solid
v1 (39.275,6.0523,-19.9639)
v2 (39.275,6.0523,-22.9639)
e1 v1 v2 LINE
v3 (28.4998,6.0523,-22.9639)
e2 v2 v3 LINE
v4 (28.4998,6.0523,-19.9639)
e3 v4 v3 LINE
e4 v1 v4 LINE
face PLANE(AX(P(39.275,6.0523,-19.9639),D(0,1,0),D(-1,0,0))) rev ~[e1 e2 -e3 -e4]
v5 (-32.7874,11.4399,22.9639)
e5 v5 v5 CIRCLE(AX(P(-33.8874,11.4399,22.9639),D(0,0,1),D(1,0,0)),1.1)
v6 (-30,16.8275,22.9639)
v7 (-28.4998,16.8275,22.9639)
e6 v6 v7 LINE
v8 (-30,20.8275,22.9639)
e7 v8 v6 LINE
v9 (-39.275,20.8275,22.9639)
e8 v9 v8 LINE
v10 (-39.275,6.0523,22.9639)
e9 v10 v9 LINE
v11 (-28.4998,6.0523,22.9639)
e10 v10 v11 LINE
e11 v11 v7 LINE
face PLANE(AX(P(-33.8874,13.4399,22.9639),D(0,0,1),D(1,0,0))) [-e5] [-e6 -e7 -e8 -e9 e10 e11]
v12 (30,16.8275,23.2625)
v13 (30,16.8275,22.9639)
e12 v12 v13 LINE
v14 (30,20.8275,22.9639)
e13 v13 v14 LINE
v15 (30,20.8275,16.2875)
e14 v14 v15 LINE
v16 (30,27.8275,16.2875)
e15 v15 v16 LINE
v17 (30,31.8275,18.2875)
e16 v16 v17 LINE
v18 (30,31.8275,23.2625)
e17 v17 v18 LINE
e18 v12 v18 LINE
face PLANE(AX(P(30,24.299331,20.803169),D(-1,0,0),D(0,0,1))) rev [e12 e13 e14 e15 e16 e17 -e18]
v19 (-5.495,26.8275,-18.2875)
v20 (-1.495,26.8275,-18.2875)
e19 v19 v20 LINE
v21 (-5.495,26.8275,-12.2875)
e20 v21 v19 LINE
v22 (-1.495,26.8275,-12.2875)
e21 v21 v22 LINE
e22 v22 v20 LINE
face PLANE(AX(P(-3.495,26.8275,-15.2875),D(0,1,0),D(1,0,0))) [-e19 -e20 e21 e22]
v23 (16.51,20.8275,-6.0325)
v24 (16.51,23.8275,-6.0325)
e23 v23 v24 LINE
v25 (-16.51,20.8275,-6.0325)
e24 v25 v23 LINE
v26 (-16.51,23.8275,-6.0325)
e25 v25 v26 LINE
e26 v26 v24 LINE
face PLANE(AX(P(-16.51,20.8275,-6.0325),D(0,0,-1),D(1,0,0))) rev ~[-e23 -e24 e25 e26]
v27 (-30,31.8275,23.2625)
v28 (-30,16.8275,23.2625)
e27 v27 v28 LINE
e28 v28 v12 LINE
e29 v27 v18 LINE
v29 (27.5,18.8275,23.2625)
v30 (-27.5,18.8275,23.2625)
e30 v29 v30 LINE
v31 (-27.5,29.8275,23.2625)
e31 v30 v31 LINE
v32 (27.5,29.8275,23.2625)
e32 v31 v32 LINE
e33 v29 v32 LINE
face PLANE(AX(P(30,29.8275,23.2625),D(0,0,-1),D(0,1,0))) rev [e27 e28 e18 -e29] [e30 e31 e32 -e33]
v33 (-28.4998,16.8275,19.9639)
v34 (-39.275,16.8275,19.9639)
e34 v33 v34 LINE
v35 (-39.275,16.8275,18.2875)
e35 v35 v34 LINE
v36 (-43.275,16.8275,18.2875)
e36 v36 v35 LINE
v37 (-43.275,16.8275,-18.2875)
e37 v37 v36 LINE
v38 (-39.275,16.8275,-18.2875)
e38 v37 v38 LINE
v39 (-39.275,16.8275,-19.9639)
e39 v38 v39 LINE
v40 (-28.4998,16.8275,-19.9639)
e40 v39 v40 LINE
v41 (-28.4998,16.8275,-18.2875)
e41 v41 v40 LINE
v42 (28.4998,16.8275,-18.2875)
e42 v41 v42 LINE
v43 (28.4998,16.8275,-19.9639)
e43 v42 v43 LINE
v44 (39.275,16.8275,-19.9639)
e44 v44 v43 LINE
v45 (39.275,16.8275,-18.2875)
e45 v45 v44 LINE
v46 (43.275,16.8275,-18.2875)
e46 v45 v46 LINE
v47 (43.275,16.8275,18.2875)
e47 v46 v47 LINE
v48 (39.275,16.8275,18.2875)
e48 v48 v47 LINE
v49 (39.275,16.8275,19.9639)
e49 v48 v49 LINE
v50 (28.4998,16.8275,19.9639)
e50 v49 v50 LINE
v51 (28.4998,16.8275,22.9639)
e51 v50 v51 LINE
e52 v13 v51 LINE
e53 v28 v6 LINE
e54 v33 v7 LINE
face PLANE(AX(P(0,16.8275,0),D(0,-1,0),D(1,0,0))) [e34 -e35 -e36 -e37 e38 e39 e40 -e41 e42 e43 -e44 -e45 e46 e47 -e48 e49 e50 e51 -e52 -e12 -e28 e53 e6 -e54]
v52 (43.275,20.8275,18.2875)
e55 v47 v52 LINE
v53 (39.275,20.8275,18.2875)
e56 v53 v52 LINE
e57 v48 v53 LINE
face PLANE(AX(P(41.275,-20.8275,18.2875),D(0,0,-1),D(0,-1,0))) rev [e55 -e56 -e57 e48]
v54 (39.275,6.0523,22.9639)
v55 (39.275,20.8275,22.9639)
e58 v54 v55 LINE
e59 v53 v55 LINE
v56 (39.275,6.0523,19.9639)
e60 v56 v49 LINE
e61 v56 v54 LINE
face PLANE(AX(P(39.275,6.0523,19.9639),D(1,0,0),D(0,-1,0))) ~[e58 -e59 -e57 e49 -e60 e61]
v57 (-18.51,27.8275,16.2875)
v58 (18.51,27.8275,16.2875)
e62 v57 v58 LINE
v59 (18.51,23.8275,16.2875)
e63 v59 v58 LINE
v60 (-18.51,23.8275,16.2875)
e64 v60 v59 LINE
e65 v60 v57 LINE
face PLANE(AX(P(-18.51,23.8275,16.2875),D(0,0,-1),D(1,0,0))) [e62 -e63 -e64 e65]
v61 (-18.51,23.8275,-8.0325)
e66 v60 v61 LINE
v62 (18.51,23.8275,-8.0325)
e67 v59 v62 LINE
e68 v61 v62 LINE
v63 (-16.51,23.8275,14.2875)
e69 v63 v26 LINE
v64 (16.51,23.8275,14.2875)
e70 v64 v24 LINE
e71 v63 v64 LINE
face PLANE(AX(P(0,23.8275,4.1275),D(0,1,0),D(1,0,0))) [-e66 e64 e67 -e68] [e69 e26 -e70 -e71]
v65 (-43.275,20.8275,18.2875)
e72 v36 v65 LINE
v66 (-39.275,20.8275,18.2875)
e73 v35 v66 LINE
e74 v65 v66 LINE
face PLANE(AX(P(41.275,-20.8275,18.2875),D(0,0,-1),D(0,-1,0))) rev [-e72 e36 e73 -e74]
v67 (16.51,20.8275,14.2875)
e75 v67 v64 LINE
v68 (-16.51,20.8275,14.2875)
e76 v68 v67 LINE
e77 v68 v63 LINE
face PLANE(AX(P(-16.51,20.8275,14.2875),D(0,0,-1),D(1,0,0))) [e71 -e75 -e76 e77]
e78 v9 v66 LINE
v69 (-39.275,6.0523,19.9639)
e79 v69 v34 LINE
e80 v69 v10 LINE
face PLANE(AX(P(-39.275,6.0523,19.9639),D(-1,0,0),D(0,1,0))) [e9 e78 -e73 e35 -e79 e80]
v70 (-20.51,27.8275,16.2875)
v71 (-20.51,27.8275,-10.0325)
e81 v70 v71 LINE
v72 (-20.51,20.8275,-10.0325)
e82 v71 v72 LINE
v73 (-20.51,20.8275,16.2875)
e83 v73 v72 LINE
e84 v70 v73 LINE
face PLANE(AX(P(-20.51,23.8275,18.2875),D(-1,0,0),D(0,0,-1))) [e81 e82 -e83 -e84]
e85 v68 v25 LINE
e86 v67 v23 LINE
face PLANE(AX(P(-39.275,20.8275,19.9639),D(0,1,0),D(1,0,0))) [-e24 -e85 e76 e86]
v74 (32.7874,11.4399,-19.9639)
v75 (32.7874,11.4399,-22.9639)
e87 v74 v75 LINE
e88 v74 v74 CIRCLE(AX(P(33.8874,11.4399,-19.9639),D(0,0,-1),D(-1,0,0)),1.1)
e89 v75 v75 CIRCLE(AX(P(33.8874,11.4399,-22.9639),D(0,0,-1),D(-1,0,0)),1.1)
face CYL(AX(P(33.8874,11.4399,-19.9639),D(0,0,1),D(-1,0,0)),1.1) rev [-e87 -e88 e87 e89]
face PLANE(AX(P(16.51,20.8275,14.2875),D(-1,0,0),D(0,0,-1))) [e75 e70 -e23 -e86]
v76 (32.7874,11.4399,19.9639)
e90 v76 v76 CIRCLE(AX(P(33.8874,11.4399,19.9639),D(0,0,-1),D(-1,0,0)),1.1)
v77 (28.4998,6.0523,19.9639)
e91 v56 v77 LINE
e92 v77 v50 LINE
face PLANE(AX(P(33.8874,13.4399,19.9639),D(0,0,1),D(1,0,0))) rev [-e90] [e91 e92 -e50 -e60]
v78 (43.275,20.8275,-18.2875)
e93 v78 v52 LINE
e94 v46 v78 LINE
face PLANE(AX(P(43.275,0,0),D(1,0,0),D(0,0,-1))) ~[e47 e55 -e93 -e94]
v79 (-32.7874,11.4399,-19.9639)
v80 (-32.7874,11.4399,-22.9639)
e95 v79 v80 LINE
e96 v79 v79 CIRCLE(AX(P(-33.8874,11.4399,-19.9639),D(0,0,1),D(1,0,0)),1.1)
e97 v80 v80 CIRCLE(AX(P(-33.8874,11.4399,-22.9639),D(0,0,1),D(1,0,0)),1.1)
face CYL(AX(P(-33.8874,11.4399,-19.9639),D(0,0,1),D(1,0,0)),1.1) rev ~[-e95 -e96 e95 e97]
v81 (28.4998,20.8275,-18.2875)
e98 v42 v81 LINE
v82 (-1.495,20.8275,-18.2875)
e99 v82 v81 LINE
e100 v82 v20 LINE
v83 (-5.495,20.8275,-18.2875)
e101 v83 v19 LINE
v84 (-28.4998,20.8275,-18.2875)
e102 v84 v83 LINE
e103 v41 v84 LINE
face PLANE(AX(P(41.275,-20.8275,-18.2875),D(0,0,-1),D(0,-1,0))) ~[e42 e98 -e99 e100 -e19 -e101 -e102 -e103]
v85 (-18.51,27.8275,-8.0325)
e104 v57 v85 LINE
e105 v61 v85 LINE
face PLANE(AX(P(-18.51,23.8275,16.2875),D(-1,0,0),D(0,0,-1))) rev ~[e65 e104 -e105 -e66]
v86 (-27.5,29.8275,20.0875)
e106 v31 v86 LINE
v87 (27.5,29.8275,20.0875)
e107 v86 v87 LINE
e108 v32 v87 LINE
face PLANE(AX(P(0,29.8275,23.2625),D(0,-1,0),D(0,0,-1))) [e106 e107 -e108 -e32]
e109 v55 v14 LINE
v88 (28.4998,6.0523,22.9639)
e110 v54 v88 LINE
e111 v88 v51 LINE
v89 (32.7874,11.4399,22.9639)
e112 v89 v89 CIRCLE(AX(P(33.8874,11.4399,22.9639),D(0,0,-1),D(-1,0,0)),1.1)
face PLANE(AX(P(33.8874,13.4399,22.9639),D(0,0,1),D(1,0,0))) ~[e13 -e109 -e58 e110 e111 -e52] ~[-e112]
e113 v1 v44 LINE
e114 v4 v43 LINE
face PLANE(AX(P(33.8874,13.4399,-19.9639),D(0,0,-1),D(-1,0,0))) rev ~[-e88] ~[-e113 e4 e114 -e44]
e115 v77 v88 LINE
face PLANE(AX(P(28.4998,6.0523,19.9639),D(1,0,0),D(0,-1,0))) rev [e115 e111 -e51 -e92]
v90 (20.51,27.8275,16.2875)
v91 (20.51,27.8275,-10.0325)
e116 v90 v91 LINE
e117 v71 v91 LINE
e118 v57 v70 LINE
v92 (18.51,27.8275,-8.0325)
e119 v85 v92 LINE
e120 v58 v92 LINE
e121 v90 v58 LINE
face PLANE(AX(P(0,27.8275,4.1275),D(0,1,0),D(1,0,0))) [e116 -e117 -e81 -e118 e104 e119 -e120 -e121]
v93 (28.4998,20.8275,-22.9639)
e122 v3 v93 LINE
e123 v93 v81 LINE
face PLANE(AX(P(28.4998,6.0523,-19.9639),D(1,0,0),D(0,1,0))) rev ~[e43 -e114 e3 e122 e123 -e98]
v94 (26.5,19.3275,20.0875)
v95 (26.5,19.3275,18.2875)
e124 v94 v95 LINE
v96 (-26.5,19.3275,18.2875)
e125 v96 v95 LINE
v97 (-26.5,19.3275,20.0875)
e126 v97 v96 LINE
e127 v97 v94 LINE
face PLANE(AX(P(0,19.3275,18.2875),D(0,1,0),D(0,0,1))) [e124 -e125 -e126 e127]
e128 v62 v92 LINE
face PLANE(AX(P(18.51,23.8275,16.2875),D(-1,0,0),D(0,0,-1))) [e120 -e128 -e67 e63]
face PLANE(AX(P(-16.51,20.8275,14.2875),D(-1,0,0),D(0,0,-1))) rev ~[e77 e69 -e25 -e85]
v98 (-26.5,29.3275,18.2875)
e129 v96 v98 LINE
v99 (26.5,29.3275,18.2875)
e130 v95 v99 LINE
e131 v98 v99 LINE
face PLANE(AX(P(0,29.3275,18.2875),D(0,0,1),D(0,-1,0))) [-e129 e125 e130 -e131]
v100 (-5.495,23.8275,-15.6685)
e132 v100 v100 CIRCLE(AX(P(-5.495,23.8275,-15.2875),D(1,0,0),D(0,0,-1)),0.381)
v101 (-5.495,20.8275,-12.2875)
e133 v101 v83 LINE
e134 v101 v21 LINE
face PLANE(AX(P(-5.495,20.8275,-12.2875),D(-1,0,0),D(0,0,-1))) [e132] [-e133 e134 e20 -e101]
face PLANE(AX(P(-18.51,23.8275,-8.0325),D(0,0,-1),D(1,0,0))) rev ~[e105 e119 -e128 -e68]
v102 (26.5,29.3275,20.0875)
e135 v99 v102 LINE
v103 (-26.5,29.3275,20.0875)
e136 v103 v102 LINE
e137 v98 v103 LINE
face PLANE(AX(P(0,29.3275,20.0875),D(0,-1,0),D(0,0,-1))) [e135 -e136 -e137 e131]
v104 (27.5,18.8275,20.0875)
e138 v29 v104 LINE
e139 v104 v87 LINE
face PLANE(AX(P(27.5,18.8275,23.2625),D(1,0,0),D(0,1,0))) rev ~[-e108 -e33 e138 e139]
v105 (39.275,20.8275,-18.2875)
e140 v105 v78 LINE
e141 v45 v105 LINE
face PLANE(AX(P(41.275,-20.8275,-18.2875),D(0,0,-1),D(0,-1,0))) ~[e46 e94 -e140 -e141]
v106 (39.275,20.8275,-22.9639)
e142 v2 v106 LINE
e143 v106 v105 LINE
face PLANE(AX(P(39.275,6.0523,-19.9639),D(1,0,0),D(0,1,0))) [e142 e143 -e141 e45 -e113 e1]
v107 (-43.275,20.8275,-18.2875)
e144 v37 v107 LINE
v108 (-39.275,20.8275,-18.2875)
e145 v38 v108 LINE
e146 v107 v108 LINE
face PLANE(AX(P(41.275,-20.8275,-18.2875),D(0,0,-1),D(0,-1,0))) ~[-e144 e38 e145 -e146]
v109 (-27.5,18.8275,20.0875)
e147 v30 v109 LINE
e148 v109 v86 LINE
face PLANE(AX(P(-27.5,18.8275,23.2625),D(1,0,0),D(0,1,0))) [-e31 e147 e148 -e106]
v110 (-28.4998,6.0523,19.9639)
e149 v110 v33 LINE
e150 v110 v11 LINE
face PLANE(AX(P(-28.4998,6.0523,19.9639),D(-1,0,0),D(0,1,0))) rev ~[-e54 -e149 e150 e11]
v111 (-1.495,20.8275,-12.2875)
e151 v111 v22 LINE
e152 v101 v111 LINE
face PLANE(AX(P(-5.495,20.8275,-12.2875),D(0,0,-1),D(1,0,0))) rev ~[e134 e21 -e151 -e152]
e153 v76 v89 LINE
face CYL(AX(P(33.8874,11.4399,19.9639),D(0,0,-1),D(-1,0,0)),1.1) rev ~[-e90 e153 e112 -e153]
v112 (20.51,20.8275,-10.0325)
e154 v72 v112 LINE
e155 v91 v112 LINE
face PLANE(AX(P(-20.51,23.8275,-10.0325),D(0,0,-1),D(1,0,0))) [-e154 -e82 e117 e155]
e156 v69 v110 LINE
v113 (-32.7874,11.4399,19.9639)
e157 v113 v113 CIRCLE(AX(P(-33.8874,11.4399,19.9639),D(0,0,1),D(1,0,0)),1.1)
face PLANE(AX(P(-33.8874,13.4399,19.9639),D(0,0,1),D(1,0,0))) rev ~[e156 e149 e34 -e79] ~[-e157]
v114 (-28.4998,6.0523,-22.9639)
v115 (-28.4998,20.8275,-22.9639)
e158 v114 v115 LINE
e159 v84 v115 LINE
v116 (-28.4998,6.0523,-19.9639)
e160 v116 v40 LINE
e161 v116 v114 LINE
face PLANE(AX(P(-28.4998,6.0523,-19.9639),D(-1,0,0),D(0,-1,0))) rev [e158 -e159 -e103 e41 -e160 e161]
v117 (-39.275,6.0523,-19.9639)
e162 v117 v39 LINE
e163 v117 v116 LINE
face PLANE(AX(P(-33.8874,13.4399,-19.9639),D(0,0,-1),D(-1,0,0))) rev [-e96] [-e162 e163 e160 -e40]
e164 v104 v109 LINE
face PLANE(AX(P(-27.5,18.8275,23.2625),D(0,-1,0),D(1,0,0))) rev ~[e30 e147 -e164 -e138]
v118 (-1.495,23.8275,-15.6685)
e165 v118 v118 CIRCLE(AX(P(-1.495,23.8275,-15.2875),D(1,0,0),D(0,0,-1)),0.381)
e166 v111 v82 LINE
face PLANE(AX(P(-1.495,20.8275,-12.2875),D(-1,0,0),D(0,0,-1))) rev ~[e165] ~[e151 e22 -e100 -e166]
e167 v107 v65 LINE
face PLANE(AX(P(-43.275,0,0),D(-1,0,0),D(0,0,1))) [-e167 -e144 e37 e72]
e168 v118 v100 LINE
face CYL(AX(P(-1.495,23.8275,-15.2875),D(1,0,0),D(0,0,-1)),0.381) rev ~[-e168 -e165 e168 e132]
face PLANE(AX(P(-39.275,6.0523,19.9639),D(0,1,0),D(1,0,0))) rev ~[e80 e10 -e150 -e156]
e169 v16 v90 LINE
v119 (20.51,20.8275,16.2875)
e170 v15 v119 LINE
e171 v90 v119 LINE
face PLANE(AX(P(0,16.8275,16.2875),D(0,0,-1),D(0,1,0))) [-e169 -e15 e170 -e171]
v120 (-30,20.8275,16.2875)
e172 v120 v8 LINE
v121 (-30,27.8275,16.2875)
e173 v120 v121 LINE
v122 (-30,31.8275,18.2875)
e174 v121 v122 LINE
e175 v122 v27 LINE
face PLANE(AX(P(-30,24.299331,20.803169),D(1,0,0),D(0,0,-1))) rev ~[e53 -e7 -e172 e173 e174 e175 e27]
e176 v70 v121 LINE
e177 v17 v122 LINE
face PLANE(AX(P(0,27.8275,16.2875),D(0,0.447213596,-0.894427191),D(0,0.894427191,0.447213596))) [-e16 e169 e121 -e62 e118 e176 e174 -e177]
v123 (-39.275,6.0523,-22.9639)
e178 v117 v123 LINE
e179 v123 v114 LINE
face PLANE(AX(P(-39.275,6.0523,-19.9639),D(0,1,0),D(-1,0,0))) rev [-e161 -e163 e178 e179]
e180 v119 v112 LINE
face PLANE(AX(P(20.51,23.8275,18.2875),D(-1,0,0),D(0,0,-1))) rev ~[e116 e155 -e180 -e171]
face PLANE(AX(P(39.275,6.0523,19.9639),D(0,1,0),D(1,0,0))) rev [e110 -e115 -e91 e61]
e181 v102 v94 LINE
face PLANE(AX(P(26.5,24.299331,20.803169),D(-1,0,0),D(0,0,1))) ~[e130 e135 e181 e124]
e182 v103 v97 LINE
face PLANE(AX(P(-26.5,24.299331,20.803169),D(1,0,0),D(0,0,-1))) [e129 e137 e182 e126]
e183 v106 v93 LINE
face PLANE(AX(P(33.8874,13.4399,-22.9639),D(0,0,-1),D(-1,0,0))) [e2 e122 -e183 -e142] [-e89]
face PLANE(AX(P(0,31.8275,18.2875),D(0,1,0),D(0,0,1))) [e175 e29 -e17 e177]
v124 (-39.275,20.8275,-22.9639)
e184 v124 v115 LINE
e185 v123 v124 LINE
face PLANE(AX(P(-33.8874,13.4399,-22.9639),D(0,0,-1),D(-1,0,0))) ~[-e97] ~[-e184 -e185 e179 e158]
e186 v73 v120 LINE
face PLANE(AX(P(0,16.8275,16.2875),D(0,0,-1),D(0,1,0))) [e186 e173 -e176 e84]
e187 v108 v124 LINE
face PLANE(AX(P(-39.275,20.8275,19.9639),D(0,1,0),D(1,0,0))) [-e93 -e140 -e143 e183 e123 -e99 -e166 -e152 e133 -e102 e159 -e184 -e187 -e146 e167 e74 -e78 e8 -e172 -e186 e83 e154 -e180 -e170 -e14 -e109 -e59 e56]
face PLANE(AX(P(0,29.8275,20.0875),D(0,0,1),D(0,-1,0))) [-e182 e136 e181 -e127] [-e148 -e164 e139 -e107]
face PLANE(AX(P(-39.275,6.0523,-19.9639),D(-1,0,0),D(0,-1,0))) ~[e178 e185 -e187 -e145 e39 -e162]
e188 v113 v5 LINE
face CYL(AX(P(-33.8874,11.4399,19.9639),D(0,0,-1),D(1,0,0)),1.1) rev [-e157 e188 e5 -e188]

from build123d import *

# Parameters (mm, degrees)
SKETCH1_W               = 36.575
SKETCH1_H               = 41.655
SKETCH1_W_2             = 28.575
SKETCH1_H_2             = 33.655
BOSS_EXTRUDE1_DEPTH     = 41.275
SKETCH2_W               = 36.575
SKETCH2_H               = 41.655
BOSS_EXTRUDE2_DEPTH     = 2
SKETCH4_W               = 86.55
SKETCH4_H               = 36.575
CUT_EXTRUDE2_DEPTH      = 37.655
SKETCH5_W               = 10.7752
SKETCH5_H               = 4
BOSS_EXTRUDE3_DEPTH     = 1.6764
SKETCH6_W               = 10.7752
SKETCH6_H               = 14.7752
SKETCH6_R               = 1.1
BOSS_EXTRUDE4_DEPTH     = 3
MIRROR3_COPY_1_SKETCH_W = 10.7752
MIRROR3_COPY_1_SKETCH_H = 4
MIRROR3_COPY_1_DEPTH    = 1.6764
MIRROR3_COPY_2_SKETCH_W = 10.7752
MIRROR3_COPY_2_SKETCH_H = 14.7752
MIRROR3_COPY_2_SKETCH_R = 1.1
MIRROR3_COPY_2_DEPTH    = 3
SKETCH7_W               = 4
SKETCH7_H               = 6
BOSS_EXTRUDE5_DEPTH     = 6
SKETCH8_R               = 0.381
CUT_EXTRUDE3_DEPTH      = 58.021122047
SKETCH9_W               = 41.02
SKETCH9_H               = 28.32
SKETCH9_W_2             = 33.02
SKETCH9_H_2             = 20.32
BOSS_EXTRUDE6_DEPTH     = 3
SKETCH10_W              = 41.02
SKETCH10_H              = 28.32
SKETCH10_W_2            = 37.02
SKETCH10_H_2            = 24.32
BOSS_EXTRUDE7_DEPTH     = 4
BOSS_EXTRUDE8_DEPTH     = 30
BOSS_EXTRUDE9_DEPTH     = 3.5
SKETCH13_W              = 55
SKETCH13_H              = 11
CUT_EXTRUDE4_DEPTH      = 3.175


with BuildPart() as part:
    # Sketch1 → Boss-Extrude1 (new, symmetric)
    with BuildSketch(Plane(origin=(0, 0, 0), x_dir=(0, 0, -1), z_dir=(1, 0, 0))):
        Rectangle(SKETCH1_W, SKETCH1_H)
        Rectangle(SKETCH1_W_2, SKETCH1_H_2, mode=Mode.SUBTRACT)
    extrude(amount=BOSS_EXTRUDE1_DEPTH, both=True)

    # Sketch2 → Boss-Extrude2 (add)
    with BuildSketch(Plane.ZY.offset(41.275)):
        Rectangle(SKETCH2_W, SKETCH2_H)
    boss_extrude2 = extrude(amount=BOSS_EXTRUDE2_DEPTH)

    # Mirror1: Boss-Extrude2 across plane
    add(boss_extrude2.mirror(Plane(origin=(0, 0, 0), x_dir=(0, 0, 1), z_dir=(1, 0, 0))))

    # Sketch4 → Cut-Extrude2 (cut)
    with BuildSketch(Plane.XZ.offset(20.8275)):
        Rectangle(SKETCH4_W, SKETCH4_H)
    extrude(amount=-CUT_EXTRUDE2_DEPTH, mode=Mode.SUBTRACT)

    # Sketch5 → Boss-Extrude3 (add)
    with BuildSketch(Plane(origin=(0, 0, -18.2875), x_dir=(-1, 0, 0), z_dir=(0, 0, -1))):
        with Locations((-33.8874, 18.8275)):
            Rectangle(SKETCH5_W, SKETCH5_H)
    boss_extrude3 = extrude(amount=BOSS_EXTRUDE3_DEPTH)

    # Sketch6 → Boss-Extrude4 (add)
    with BuildSketch(Plane(origin=(0, 0, -19.9639), x_dir=(-1, 0, 0), z_dir=(0, 0, -1))):
        with Locations((-33.8874, 13.4399)):
            Rectangle(SKETCH6_W, SKETCH6_H)
        with Locations((-33.8874, 11.4399)):
            Circle(SKETCH6_R, mode=Mode.SUBTRACT)
    boss_extrude4 = extrude(amount=BOSS_EXTRUDE4_DEPTH)

    # Mirror2: Boss-Extrude3, Boss-Extrude4 across plane
    add(boss_extrude3.mirror(Plane(origin=(0, 0, 0), x_dir=(0, 0, 1), z_dir=(1, 0, 0))))
    add(boss_extrude4.mirror(Plane(origin=(0, 0, 0), x_dir=(0, 0, 1), z_dir=(1, 0, 0))))

    # Mirror3: Boss-Extrude3, Boss-Extrude4 across plane
    add(boss_extrude3.mirror(Plane.XY))
    add(boss_extrude4.mirror(Plane.XY))

    # Mirror3 copy 1 sketch → Mirror3 copy 1 (add)
    with BuildSketch(Plane.XY.offset(18.2875)):
        with Locations((-33.8874, 18.8275)):
            Rectangle(MIRROR3_COPY_1_SKETCH_W, MIRROR3_COPY_1_SKETCH_H)
    extrude(amount=MIRROR3_COPY_1_DEPTH)

    # Mirror3 copy 2 sketch → Mirror3 copy 2 (add)
    with BuildSketch(Plane.XY.offset(19.9639)):
        with Locations((-33.8874, 13.4399)):
            Rectangle(MIRROR3_COPY_2_SKETCH_W, MIRROR3_COPY_2_SKETCH_H)
        with Locations((-33.8874, 11.4399)):
            Circle(MIRROR3_COPY_2_SKETCH_R, mode=Mode.SUBTRACT)
    extrude(amount=MIRROR3_COPY_2_DEPTH)

    # Sketch7 → Boss-Extrude5 (add)
    with BuildSketch(Plane(origin=(0, 20.8275, 0), x_dir=(1, 0, 0), z_dir=(0, 1, 0))):
        with Locations((-3.495, 15.2875)):
            Rectangle(SKETCH7_W, SKETCH7_H)
    extrude(amount=BOSS_EXTRUDE5_DEPTH)

    # Sketch8 → Cut-Extrude3 (cut, through all)
    with BuildSketch(Plane(origin=(-1.495, 0, 0), x_dir=(0, 0, -1), z_dir=(1, 0, 0))):
        with Locations((15.2875, 23.8275)):
            Circle(SKETCH8_R)
    extrude(amount=-CUT_EXTRUDE3_DEPTH, mode=Mode.SUBTRACT)

    # Sketch9 → Boss-Extrude6 (add)
    with BuildSketch(Plane(origin=(0, 20.8275, 0), x_dir=(1, 0, 0), z_dir=(0, 1, 0))):
        with Locations((0, -4.1275)):
            Rectangle(SKETCH9_W, SKETCH9_H)
        with Locations((0, -4.1275)):
            Rectangle(SKETCH9_W_2, SKETCH9_H_2, mode=Mode.SUBTRACT)
    extrude(amount=BOSS_EXTRUDE6_DEPTH)

    # Sketch10 → Boss-Extrude7 (add)
    with BuildSketch(Plane(origin=(0, 23.8275, 0), x_dir=(1, 0, 0), z_dir=(0, 1, 0))):
        with Locations((0, -4.1275)):
            Rectangle(SKETCH10_W, SKETCH10_H)
        with Locations((0, -4.1275)):
            Rectangle(SKETCH10_W_2, SKETCH10_H_2, mode=Mode.SUBTRACT)
    extrude(amount=BOSS_EXTRUDE7_DEPTH)

    # Sketch11 → Boss-Extrude8 (add, symmetric)
    with BuildSketch(Plane(origin=(0, 0, 0), x_dir=(0, 0, -1), z_dir=(1, 0, 0))):
        Polygon((-18.2875, 31.8275), (-23.2625, 31.8275), (-23.2625, 29.8275), (-20.0875, 29.8275), (-20.0875, 29.3275), (-18.2875, 29.3275), (-18.2875, 19.3275), (-20.0875, 19.3275), (-20.0875, 18.8275), (-23.2625, 18.8275), (-23.2625, 16.8275), (-18.2875, 16.8275), (-16.2875, 16.8275), (-16.2875, 27.8275), align=None)
    extrude(amount=BOSS_EXTRUDE8_DEPTH, both=True)

    # Sketch12 → Boss-Extrude9 (add)
    with BuildSketch(Plane.ZY.offset(30)):
        Polygon((23.2625, 29.8275), (23.2625, 18.8275), (18.2875, 18.8275), (18.2875, 29.3275), (20.0875, 29.3275), (20.0875, 29.8275), align=None)
    boss_extrude9 = extrude(amount=-BOSS_EXTRUDE9_DEPTH)

    # Mirror4: Boss-Extrude9 across plane
    add(boss_extrude9.mirror(Plane(origin=(0, 0, 0), x_dir=(0, 0, 1), z_dir=(1, 0, 0))))

    # Sketch13 → Cut-Extrude4 (cut)
    with BuildSketch(Plane.XY.offset(23.2625)):
        with Locations((0, 24.3275)):
            Rectangle(SKETCH13_W, SKETCH13_H)
    extrude(amount=-CUT_EXTRUDE4_DEPTH, mode=Mode.SUBTRACT)


solid = part.part
